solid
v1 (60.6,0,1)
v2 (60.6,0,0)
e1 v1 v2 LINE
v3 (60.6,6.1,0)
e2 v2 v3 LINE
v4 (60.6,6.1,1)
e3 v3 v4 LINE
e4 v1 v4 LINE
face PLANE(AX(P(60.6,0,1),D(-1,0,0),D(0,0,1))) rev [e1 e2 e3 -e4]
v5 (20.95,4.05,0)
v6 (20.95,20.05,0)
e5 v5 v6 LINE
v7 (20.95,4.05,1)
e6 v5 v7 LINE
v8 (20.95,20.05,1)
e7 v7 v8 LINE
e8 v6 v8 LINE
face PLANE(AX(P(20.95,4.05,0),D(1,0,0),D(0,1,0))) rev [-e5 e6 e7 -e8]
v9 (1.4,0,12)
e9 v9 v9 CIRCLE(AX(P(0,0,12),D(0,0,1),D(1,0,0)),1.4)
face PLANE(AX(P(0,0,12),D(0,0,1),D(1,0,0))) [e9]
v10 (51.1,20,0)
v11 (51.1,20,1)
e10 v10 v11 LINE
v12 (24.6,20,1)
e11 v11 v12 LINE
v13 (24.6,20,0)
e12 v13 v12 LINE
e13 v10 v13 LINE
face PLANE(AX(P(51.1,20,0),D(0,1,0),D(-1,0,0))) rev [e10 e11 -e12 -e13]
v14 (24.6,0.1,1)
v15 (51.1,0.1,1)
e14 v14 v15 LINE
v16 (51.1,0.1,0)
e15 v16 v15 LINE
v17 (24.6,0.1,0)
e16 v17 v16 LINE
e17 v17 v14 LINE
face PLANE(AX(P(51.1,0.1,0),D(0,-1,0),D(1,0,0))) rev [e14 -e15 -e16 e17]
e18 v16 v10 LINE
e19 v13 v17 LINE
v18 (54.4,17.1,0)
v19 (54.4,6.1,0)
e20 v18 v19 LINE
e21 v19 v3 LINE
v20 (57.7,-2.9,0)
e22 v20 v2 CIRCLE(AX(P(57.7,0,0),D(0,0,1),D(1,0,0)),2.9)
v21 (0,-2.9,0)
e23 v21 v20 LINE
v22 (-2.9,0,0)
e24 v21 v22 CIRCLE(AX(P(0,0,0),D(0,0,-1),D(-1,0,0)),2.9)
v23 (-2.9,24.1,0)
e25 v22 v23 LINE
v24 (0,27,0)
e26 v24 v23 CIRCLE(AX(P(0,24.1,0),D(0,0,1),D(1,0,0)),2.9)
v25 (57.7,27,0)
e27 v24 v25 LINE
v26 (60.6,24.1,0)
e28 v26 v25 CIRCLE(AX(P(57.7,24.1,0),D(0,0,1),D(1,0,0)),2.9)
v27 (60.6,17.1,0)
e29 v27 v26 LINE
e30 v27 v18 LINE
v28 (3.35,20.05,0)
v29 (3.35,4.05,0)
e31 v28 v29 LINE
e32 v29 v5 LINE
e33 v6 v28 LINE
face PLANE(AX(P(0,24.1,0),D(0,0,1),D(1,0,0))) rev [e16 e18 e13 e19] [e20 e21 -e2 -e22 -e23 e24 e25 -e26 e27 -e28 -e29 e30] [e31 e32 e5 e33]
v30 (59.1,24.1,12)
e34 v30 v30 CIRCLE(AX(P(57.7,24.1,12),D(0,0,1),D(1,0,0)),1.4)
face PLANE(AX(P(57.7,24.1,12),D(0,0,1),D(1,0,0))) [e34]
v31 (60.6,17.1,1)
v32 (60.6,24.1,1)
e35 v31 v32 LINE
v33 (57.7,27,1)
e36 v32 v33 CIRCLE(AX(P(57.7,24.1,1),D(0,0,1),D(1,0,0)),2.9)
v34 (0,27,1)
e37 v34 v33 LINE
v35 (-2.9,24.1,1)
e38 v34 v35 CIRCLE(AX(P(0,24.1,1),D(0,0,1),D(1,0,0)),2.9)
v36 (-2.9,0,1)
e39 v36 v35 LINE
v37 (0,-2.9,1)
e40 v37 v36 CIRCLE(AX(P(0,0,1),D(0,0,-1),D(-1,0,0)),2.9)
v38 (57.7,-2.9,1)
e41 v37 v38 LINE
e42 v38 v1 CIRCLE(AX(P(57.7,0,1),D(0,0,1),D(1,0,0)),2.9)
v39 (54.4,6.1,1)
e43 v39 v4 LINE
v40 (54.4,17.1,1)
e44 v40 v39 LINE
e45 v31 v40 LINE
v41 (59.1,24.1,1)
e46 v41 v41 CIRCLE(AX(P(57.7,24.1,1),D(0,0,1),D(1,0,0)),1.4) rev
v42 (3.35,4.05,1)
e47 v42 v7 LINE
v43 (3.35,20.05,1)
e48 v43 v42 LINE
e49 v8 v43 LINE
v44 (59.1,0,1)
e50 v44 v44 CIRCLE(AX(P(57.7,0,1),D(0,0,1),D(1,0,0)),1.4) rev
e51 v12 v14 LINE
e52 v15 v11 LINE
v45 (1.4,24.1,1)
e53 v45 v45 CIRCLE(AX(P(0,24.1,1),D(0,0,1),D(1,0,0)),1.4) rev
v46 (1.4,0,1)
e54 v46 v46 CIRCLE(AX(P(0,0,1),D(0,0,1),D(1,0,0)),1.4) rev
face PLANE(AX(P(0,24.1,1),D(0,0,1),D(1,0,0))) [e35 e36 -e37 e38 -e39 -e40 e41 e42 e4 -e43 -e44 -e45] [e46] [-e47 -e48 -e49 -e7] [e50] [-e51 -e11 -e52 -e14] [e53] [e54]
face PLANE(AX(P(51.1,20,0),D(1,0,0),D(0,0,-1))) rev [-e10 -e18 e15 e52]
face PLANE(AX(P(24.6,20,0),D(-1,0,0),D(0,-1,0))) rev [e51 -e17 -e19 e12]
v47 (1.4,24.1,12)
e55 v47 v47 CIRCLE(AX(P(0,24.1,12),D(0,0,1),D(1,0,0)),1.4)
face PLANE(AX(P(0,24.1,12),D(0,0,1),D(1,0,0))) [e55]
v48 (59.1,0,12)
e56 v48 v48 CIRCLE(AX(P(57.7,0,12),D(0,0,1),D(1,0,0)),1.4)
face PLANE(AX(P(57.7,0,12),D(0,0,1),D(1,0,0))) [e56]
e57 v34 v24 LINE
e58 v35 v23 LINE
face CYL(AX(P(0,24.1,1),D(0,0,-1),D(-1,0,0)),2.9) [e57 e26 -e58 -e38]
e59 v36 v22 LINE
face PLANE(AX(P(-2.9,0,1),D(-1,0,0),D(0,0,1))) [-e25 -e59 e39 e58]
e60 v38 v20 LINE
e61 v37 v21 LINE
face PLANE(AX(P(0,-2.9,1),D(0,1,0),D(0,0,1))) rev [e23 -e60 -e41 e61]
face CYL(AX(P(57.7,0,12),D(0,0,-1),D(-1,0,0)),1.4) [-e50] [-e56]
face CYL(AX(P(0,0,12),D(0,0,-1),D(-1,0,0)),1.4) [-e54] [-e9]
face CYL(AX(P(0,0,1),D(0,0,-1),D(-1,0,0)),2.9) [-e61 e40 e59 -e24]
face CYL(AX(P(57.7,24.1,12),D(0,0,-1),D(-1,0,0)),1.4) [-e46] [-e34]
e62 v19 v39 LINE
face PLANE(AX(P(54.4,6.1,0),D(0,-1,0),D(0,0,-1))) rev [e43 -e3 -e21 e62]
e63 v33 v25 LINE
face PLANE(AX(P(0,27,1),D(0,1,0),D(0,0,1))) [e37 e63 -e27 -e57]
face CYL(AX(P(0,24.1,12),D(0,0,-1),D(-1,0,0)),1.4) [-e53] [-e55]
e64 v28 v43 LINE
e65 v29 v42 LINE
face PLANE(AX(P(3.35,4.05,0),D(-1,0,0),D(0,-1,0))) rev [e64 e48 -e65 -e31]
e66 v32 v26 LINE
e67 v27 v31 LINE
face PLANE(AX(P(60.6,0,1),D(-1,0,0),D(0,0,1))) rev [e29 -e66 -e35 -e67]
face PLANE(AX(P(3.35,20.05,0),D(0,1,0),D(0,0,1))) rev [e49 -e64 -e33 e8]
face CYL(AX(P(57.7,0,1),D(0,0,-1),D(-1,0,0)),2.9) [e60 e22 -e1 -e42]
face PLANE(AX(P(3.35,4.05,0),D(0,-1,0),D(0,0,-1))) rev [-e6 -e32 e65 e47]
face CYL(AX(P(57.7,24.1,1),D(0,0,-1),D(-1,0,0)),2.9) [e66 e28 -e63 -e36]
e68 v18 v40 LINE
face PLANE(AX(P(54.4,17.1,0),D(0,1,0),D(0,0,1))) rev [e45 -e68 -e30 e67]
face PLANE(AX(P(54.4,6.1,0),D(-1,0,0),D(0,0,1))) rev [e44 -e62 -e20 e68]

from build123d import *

# Parameters (mm, degrees)
EXTRUDE_1_DEPTH     = 1
SKETCH_2_R          = 1.4
EXTRUDE_2_DEPTH     = 12
SKETCH_10_W         = 17.6
SKETCH_10_H         = 16
SKETCH_10_W_2       = 6.2
SKETCH_10_H_2       = 11
SKETCH_10_W_3       = 26.5
SKETCH_10_H_3       = 19.9
CUT_EXTRUDE_1_DEPTH = 2


with BuildPart() as part:
    # 草图1 → 凸台-拉伸1 (new body)
    with BuildSketch(Plane.XY):
        with BuildLine():
            Line((0, -2.9), (57.7, -2.9))
            ThreePointArc((57.7, -2.9), (59.750609665, -2.050609665), (60.6, 0))
            Line((60.6, 0), (60.6, 24.1))
            ThreePointArc((60.6, 24.1), (59.750609665, 26.150609665), (57.7, 27))
            Line((57.7, 27), (0, 27))
            ThreePointArc((0, 27), (-2.050609665, 26.150609665), (-2.9, 24.1))
            Line((-2.9, 24.1), (-2.9, 0))
            ThreePointArc((-2.9, 0), (-2.050609665, -2.050609665), (0, -2.9))
        make_face()
    extrude(amount=EXTRUDE_1_DEPTH)

    # 草图2 → 凸台-拉伸2 (add)
    with BuildSketch(Plane.XY):
        with Locations((0, 24.1)):
            Circle(SKETCH_2_R)
        Circle(SKETCH_2_R)
        with Locations((57.7, 0)):
            Circle(SKETCH_2_R)
        with Locations((57.7, 24.1)):
            Circle(SKETCH_2_R)
    extrude(amount=EXTRUDE_2_DEPTH)

    # 草图10 → 切除-拉伸1 (cut, through all)
    with BuildSketch(Plane.XY.offset(1)):
        with Locations((12.15, 12.05)):
            Rectangle(SKETCH_10_W, SKETCH_10_H)
        with Locations((57.5, 11.6)):
            Rectangle(SKETCH_10_W_2, SKETCH_10_H_2)
        with Locations((37.85, 10.05)):
            Rectangle(SKETCH_10_W_3, SKETCH_10_H_3)
    extrude(amount=-CUT_EXTRUDE_1_DEPTH, mode=Mode.SUBTRACT)


solid = part.part
